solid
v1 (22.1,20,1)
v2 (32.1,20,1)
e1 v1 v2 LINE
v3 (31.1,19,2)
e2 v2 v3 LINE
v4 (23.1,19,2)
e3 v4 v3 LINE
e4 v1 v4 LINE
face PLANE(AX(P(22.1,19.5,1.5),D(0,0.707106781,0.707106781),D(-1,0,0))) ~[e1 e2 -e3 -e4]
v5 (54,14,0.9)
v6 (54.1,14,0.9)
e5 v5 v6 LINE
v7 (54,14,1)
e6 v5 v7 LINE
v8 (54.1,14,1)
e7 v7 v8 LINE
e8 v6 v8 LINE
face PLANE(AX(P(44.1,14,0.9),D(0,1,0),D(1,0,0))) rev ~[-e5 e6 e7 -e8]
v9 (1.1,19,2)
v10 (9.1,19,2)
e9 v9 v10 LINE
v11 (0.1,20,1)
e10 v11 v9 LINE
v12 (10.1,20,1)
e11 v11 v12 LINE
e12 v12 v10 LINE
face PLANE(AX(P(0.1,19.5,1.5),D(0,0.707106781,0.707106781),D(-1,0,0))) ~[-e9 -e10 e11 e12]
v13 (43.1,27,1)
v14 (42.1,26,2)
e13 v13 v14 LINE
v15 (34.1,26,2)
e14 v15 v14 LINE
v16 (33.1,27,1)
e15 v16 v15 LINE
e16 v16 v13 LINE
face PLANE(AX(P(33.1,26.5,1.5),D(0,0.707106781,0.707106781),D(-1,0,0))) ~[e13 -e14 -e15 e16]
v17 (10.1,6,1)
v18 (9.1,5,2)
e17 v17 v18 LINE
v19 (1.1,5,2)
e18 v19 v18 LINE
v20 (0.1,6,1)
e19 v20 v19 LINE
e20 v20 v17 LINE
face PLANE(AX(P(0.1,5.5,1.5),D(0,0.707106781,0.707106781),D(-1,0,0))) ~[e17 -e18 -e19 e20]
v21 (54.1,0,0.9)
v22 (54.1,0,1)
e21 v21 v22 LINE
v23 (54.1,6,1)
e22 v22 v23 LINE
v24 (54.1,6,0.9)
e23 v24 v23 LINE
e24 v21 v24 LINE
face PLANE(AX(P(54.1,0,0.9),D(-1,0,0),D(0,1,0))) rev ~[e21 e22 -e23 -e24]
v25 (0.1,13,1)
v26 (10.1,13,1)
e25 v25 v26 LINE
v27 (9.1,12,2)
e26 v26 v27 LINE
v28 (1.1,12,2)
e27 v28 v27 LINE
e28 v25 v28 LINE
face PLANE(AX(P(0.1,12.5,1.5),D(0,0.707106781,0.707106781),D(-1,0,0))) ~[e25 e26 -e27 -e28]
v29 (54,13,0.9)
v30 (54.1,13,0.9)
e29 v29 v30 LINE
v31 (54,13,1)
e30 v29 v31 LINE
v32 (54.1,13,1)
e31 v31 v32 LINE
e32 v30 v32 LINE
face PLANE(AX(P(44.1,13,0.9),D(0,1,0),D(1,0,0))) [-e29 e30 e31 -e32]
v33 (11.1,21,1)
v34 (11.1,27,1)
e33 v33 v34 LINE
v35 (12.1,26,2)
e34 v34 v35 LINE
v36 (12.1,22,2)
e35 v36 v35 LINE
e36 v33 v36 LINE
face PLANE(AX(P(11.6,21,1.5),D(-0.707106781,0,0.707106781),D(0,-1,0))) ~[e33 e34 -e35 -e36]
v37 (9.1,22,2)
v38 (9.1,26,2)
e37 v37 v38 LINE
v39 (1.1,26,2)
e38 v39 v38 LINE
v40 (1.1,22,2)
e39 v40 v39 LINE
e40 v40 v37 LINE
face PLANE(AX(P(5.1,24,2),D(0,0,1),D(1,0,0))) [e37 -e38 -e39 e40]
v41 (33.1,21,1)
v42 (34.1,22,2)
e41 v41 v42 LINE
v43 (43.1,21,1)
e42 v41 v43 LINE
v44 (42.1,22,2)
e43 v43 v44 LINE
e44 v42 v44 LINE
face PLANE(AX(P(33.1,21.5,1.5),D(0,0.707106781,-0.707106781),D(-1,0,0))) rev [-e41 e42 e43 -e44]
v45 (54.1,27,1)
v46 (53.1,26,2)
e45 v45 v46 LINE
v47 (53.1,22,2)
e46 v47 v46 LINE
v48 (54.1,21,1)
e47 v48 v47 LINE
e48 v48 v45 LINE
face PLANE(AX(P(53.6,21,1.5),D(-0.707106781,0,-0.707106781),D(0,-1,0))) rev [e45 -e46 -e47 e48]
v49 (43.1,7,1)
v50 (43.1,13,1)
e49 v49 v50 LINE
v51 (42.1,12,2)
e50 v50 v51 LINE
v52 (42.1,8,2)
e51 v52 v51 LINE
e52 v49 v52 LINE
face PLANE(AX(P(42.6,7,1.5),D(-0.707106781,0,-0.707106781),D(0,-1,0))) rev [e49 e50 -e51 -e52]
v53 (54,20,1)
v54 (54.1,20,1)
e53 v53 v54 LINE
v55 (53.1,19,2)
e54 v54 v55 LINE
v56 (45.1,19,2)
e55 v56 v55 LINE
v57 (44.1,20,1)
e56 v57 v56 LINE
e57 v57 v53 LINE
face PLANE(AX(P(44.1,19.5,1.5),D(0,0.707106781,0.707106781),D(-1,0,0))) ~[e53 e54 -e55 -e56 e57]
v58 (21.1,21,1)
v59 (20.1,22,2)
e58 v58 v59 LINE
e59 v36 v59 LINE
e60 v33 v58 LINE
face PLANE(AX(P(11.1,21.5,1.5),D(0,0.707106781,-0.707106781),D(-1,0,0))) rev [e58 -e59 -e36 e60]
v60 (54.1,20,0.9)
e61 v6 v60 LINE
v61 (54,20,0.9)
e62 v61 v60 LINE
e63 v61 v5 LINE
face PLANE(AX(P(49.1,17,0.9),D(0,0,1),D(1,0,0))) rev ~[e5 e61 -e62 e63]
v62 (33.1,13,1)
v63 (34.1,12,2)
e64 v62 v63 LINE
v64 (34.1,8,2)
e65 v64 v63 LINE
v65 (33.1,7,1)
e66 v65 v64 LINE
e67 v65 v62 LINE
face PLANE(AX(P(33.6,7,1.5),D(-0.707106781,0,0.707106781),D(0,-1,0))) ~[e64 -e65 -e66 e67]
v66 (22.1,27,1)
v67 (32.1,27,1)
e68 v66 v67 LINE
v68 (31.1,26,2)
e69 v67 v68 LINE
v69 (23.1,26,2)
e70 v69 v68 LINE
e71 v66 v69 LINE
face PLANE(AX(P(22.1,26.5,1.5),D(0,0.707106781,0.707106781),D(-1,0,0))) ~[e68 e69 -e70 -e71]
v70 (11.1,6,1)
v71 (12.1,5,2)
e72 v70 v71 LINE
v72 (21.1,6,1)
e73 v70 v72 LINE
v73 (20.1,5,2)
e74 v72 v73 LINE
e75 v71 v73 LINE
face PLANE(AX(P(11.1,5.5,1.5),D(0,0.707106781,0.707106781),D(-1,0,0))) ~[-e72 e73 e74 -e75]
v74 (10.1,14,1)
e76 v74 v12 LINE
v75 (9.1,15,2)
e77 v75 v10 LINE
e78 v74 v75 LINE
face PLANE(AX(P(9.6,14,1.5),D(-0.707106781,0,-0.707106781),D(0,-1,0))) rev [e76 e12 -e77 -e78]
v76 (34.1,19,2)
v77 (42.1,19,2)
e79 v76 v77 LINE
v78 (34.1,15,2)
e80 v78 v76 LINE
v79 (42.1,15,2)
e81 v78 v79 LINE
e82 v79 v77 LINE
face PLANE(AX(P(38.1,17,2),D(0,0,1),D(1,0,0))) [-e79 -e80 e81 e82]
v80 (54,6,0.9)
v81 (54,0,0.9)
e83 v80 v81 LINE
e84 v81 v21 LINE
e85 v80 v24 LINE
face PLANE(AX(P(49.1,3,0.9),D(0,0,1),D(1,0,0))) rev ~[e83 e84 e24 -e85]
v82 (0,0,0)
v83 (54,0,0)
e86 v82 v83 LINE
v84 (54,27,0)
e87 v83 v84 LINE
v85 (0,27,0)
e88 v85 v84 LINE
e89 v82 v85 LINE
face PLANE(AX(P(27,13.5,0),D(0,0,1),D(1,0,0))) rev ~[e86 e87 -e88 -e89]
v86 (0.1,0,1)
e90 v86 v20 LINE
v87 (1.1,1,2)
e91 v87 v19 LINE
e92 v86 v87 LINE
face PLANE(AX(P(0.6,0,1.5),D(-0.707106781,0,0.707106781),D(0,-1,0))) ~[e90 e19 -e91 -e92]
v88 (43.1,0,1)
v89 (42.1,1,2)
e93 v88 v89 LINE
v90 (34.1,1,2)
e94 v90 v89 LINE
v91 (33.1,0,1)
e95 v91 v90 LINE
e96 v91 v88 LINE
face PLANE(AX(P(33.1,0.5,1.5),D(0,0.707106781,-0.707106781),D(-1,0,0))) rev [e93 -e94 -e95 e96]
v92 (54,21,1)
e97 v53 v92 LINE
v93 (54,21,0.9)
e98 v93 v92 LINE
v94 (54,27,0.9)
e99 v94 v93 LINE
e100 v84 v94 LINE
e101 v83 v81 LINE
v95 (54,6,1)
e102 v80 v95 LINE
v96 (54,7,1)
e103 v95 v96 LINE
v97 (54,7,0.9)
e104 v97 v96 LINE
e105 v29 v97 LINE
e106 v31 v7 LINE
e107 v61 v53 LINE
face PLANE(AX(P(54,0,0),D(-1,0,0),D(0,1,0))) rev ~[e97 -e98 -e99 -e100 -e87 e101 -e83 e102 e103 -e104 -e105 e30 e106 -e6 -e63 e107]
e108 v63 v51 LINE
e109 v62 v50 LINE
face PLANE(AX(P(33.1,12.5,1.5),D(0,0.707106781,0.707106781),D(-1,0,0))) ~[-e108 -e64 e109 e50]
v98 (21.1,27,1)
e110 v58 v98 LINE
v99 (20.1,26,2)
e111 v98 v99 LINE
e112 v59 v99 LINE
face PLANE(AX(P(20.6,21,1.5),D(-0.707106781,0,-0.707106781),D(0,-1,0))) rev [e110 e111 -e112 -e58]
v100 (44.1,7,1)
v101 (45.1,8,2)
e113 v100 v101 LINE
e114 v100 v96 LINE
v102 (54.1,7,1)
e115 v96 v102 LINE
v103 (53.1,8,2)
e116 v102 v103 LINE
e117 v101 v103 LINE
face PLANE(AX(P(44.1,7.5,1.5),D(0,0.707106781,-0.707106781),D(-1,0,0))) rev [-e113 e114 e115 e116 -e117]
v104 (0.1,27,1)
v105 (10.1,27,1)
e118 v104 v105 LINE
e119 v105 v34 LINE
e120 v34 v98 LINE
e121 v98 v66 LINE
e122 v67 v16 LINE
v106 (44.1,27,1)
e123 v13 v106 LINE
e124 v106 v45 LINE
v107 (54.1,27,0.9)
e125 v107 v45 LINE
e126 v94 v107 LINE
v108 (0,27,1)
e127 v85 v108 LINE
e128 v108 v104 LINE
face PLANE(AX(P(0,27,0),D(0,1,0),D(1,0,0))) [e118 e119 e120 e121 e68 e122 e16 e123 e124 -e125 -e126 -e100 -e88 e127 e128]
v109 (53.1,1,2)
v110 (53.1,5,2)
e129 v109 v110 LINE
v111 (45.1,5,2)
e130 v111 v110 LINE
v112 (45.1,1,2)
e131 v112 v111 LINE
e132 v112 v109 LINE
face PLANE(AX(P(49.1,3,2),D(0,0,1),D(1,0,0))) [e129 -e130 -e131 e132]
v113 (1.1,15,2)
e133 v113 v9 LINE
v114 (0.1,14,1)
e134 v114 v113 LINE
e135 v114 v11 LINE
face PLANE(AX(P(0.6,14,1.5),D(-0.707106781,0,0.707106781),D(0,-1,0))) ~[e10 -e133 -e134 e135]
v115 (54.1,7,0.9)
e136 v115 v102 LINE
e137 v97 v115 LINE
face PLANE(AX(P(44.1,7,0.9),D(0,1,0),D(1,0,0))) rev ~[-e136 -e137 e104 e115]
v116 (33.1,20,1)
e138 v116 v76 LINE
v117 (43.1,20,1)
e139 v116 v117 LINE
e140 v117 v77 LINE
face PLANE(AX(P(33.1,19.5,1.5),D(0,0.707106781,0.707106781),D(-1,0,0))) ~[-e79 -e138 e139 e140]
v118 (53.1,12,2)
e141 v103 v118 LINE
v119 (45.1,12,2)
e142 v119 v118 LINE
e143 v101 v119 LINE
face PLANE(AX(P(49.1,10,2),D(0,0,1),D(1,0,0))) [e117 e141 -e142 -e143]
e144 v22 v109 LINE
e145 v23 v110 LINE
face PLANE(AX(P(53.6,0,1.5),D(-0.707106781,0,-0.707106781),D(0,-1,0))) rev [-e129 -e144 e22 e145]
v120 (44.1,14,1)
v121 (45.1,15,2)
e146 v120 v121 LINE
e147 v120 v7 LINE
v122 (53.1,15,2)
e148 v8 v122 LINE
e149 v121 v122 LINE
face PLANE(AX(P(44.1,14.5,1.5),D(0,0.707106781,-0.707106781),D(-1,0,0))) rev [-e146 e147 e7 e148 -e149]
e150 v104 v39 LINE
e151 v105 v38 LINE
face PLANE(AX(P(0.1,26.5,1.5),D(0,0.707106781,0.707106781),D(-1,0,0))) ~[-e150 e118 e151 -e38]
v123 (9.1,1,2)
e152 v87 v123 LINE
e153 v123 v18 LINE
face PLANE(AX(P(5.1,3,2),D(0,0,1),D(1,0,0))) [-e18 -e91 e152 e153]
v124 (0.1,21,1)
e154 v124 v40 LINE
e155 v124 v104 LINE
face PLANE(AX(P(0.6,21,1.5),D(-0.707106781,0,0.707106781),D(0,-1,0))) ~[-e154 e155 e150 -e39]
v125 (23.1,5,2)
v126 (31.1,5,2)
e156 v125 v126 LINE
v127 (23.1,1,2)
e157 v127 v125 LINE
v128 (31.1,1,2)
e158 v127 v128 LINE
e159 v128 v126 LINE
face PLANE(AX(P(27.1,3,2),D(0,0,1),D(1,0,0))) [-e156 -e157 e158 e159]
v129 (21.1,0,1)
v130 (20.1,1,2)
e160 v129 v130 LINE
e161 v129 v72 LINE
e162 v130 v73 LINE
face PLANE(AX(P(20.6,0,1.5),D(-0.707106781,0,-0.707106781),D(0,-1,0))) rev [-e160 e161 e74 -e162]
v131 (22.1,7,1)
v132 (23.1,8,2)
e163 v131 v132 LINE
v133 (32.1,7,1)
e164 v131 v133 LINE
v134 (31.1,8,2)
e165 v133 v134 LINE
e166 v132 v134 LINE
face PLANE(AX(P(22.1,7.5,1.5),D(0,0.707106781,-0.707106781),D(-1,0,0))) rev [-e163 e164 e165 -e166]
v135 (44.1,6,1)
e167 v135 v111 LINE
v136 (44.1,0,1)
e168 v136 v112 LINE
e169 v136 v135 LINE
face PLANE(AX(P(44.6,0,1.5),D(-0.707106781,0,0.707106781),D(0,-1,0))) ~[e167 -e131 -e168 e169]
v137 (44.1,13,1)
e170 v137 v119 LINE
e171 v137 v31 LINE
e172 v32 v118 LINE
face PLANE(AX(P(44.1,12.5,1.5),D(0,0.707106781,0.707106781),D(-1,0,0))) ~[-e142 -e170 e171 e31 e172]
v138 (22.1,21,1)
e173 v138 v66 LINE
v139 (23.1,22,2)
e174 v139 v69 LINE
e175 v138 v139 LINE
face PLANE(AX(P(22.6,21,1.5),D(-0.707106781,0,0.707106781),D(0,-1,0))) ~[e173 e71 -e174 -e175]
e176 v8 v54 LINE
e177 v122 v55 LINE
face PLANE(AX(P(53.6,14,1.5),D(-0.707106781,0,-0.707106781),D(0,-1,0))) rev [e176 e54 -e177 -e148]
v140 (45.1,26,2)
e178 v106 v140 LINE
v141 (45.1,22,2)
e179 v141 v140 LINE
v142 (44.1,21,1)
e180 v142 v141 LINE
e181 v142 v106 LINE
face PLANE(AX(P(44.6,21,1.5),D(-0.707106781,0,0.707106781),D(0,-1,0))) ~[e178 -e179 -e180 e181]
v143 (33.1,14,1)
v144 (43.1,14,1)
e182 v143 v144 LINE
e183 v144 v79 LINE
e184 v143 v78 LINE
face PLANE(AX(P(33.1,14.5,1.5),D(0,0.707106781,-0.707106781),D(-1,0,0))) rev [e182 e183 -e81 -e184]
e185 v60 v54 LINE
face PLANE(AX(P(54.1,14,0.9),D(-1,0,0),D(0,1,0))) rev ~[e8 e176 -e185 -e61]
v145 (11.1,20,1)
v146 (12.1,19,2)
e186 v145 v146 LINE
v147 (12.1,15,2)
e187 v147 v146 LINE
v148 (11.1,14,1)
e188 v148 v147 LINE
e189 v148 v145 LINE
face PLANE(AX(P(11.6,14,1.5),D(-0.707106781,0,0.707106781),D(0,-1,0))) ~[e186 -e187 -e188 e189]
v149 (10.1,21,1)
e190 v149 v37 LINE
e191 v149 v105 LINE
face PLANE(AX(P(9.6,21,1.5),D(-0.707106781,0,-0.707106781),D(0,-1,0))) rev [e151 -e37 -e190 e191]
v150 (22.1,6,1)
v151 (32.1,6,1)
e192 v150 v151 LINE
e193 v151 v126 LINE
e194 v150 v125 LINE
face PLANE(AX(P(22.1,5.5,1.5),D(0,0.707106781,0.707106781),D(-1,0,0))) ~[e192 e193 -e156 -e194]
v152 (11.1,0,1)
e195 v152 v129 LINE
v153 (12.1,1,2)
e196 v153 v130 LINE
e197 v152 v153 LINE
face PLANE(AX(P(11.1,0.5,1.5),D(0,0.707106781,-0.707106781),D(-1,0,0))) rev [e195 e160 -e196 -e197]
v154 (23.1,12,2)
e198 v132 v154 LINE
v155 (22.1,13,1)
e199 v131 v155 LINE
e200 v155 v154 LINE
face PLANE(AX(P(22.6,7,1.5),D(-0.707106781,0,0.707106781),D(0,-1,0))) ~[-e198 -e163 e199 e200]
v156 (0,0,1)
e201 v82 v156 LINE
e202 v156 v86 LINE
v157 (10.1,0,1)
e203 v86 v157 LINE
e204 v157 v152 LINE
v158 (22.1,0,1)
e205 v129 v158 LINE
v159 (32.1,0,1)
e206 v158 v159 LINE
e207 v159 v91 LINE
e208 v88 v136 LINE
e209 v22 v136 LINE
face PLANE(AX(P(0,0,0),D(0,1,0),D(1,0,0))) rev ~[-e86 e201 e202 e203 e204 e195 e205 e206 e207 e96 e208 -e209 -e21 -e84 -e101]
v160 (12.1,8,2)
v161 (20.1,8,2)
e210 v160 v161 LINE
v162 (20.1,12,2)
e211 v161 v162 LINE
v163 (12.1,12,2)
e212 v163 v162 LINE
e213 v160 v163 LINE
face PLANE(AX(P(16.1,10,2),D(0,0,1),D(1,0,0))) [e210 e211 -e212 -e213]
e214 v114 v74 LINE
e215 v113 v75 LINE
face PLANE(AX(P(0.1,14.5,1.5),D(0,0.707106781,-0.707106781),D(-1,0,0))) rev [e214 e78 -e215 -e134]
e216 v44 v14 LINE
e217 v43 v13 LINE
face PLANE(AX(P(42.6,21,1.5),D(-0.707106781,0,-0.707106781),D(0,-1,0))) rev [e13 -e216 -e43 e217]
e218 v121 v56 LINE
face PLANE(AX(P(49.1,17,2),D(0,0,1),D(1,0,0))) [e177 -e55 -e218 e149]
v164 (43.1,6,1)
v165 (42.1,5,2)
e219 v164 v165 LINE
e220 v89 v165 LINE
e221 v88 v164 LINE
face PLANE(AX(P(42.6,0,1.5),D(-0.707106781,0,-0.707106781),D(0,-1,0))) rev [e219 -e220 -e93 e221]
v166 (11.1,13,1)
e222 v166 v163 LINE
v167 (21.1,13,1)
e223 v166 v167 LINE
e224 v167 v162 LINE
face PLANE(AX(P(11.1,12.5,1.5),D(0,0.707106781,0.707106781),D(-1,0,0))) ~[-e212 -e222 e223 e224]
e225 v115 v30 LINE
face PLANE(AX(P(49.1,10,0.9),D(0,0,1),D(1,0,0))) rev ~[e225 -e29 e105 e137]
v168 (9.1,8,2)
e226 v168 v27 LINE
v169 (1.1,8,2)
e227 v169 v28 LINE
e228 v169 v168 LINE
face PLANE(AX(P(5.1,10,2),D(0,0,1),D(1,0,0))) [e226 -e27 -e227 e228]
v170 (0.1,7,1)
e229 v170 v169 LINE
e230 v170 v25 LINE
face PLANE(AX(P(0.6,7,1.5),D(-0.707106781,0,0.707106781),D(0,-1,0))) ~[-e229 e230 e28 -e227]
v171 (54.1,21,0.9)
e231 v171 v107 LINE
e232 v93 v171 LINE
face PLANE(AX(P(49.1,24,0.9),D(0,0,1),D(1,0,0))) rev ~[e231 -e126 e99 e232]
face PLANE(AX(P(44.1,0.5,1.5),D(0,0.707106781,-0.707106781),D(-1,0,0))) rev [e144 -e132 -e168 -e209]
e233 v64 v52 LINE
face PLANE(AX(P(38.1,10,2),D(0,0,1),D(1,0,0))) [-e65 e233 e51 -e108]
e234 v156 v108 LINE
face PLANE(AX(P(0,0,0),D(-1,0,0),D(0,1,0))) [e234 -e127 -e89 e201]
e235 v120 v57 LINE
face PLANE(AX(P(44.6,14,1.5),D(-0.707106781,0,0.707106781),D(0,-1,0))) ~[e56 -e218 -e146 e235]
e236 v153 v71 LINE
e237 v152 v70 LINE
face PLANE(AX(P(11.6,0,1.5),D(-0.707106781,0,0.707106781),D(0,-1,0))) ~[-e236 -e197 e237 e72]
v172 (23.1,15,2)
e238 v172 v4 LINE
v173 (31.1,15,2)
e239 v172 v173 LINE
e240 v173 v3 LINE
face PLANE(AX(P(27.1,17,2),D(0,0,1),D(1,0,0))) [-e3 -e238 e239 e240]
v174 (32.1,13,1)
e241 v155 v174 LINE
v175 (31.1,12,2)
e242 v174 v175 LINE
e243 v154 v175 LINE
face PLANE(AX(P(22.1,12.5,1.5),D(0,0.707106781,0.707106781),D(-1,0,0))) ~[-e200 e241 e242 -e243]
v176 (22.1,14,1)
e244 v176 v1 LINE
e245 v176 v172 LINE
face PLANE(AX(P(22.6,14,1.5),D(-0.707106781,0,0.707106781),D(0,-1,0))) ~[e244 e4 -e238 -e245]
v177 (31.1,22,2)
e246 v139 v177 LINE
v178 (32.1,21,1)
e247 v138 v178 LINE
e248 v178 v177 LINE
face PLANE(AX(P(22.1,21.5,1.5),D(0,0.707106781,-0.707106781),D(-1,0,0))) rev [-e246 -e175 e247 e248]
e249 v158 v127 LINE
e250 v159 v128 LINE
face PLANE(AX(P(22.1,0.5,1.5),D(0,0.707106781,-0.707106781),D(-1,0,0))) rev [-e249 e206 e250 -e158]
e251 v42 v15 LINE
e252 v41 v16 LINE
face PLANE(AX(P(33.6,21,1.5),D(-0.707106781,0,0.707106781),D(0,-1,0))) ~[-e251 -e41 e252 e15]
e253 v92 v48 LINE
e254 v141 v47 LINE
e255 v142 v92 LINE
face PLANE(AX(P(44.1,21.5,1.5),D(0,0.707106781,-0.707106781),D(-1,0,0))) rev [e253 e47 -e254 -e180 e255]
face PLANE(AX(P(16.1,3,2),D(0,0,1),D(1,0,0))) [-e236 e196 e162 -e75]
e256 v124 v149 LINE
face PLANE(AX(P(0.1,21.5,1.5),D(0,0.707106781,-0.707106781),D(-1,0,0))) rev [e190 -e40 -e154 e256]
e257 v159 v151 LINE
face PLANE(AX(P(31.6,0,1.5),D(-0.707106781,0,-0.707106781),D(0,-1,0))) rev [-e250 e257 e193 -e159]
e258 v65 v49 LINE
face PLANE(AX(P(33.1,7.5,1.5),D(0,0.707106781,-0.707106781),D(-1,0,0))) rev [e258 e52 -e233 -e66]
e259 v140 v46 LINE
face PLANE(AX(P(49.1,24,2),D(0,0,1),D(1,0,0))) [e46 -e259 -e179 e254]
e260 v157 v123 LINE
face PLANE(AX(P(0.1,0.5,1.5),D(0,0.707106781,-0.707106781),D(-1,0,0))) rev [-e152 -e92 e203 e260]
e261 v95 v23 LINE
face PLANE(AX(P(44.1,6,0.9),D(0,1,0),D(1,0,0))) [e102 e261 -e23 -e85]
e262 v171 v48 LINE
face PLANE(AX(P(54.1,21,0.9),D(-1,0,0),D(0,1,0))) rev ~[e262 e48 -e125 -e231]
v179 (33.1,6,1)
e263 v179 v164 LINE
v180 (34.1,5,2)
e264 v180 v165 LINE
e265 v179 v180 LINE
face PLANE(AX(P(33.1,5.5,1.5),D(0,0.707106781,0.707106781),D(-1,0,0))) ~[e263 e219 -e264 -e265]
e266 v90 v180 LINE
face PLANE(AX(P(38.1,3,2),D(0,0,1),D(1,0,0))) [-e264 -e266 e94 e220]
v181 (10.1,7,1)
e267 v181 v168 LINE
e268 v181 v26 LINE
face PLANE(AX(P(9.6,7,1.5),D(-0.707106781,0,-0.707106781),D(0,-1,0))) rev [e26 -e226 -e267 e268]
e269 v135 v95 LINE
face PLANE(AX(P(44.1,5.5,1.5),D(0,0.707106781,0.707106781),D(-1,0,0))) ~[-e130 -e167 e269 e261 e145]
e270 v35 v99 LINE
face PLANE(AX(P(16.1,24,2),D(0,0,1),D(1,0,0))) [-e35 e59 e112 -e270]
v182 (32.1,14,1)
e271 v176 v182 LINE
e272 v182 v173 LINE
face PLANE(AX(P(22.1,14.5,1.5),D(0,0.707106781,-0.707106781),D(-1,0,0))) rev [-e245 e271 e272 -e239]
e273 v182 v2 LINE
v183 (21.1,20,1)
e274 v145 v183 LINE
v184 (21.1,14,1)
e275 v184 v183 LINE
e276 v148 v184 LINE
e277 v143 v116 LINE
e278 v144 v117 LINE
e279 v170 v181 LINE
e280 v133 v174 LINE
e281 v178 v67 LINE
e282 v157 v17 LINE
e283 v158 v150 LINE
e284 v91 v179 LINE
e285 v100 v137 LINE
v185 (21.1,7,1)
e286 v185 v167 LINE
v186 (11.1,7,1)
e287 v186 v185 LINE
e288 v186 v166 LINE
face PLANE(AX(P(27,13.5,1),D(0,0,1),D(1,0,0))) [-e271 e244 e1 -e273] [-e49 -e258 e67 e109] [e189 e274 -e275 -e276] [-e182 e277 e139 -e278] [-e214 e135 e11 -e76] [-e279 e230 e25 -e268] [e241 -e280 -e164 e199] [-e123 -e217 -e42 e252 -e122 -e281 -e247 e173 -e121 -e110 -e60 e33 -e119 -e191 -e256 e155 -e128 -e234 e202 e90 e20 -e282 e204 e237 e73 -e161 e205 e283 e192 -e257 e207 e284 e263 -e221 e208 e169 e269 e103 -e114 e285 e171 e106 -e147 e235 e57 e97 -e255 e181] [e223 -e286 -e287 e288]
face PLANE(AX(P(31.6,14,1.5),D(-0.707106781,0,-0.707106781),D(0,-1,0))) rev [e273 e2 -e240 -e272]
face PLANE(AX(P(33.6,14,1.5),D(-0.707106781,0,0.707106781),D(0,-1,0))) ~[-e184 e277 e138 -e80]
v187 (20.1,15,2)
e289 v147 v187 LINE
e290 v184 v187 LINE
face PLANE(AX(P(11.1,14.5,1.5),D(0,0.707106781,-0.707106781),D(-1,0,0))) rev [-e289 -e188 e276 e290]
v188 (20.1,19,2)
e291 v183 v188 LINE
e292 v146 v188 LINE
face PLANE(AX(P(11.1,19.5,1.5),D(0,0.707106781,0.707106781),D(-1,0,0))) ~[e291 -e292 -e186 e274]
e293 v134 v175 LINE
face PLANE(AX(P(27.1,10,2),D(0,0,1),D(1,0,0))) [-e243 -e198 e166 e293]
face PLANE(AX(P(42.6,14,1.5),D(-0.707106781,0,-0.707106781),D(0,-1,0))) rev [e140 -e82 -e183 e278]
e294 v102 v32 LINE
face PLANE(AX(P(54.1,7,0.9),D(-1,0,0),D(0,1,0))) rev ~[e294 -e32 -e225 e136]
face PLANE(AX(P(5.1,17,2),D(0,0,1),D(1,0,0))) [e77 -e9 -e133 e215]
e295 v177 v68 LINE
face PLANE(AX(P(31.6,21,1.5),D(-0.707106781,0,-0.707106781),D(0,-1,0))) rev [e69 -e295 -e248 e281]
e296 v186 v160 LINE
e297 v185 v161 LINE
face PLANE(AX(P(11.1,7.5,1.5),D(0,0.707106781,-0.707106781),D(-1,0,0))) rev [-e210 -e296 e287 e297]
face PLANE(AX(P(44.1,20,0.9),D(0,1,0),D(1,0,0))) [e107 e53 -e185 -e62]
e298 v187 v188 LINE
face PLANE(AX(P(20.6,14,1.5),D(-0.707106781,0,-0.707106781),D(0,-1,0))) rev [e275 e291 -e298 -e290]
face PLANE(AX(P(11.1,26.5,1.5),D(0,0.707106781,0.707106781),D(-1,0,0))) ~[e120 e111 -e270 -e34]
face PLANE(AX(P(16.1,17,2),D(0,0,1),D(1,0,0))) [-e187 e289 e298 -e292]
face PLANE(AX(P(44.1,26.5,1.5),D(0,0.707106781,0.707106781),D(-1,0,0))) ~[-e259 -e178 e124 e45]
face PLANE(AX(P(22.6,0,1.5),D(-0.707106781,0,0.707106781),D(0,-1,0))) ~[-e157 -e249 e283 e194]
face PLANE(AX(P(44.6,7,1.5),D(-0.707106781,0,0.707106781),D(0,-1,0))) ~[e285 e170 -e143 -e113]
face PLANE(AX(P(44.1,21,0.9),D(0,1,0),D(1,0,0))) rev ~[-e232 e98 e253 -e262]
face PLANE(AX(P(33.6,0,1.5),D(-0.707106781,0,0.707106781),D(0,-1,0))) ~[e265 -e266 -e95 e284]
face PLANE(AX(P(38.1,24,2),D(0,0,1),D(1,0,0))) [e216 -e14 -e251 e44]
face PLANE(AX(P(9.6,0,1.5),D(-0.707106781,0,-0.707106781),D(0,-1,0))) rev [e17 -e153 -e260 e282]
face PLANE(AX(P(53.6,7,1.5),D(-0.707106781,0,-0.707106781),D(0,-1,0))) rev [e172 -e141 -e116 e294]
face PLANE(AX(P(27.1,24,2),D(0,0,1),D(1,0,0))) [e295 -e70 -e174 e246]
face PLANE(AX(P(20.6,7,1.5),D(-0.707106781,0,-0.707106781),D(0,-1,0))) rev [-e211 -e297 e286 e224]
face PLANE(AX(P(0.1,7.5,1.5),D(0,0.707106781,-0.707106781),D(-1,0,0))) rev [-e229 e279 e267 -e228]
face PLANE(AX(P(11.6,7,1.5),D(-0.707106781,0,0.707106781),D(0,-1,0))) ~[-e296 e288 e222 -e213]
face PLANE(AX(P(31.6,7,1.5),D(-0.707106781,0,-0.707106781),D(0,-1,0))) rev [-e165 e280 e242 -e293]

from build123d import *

# Parameters (mm, degrees)
BOX_W         = 54
BOX_H         = 27
BOX_DEPTH     = 1
BOX001_W      = 10
BOX001_H      = 6
BOX001_DEPTH  = 1.1
CHAMFER_SIZE  = 1
ARRAY_X_COUNT = 5
ARRAY_X_PITCH = 11
ARRAY_Y_COUNT = 4
ARRAY_Y_PITCH = 7


with BuildPart() as cub:
    # Box → Box (new body)
    with BuildSketch(Plane.XY):
        with Locations((27, 13.5)):
            Rectangle(BOX_W, BOX_H)
    extrude(amount=BOX_DEPTH)


with BuildPart() as fusion:
    # Box001 → Box001 (new body)
    with BuildSketch(Plane(origin=(-13, 0, 0), x_dir=(1, 0, 0), z_dir=(0, 0, 1))):
        with Locations((5, 3)):
            Rectangle(BOX001_W, BOX001_H)
    extrude(amount=BOX001_DEPTH)

    # Chamfer
    chamfer_edges = [fusion.edges().sort_by_distance(p)[0] for p in [
        (-13, 3, 1.1),
        (-3, 3, 1.1),
        (-8, 0, 1.1),
        (-8, 6, 1.1),
    ]]
    chamfer(chamfer_edges, length=CHAMFER_SIZE)


with BuildPart() as fusion_1:
    # Chamfer placement: moved
    add(fusion.part.moved(Location((13.1, 0, 0.9))))

    # Array X: Fusion ×5


with BuildPart() as fusion_2:
    add(fusion_1.part)
    with Locations(*[(i * ARRAY_X_PITCH, 0, 0) for i in range(1, ARRAY_X_COUNT)]):
        add(fusion_1.part)

    # Array Y: Fusion ×4


with BuildPart() as fusion_3:
    add(fusion_2.part)
    with Locations(*[(0, i * ARRAY_Y_PITCH, 0) for i in range(1, ARRAY_Y_COUNT)]):
        add(fusion_2.part)

    # Fusion: union Cub
    add(cub.part)


solid = fusion_3.part
